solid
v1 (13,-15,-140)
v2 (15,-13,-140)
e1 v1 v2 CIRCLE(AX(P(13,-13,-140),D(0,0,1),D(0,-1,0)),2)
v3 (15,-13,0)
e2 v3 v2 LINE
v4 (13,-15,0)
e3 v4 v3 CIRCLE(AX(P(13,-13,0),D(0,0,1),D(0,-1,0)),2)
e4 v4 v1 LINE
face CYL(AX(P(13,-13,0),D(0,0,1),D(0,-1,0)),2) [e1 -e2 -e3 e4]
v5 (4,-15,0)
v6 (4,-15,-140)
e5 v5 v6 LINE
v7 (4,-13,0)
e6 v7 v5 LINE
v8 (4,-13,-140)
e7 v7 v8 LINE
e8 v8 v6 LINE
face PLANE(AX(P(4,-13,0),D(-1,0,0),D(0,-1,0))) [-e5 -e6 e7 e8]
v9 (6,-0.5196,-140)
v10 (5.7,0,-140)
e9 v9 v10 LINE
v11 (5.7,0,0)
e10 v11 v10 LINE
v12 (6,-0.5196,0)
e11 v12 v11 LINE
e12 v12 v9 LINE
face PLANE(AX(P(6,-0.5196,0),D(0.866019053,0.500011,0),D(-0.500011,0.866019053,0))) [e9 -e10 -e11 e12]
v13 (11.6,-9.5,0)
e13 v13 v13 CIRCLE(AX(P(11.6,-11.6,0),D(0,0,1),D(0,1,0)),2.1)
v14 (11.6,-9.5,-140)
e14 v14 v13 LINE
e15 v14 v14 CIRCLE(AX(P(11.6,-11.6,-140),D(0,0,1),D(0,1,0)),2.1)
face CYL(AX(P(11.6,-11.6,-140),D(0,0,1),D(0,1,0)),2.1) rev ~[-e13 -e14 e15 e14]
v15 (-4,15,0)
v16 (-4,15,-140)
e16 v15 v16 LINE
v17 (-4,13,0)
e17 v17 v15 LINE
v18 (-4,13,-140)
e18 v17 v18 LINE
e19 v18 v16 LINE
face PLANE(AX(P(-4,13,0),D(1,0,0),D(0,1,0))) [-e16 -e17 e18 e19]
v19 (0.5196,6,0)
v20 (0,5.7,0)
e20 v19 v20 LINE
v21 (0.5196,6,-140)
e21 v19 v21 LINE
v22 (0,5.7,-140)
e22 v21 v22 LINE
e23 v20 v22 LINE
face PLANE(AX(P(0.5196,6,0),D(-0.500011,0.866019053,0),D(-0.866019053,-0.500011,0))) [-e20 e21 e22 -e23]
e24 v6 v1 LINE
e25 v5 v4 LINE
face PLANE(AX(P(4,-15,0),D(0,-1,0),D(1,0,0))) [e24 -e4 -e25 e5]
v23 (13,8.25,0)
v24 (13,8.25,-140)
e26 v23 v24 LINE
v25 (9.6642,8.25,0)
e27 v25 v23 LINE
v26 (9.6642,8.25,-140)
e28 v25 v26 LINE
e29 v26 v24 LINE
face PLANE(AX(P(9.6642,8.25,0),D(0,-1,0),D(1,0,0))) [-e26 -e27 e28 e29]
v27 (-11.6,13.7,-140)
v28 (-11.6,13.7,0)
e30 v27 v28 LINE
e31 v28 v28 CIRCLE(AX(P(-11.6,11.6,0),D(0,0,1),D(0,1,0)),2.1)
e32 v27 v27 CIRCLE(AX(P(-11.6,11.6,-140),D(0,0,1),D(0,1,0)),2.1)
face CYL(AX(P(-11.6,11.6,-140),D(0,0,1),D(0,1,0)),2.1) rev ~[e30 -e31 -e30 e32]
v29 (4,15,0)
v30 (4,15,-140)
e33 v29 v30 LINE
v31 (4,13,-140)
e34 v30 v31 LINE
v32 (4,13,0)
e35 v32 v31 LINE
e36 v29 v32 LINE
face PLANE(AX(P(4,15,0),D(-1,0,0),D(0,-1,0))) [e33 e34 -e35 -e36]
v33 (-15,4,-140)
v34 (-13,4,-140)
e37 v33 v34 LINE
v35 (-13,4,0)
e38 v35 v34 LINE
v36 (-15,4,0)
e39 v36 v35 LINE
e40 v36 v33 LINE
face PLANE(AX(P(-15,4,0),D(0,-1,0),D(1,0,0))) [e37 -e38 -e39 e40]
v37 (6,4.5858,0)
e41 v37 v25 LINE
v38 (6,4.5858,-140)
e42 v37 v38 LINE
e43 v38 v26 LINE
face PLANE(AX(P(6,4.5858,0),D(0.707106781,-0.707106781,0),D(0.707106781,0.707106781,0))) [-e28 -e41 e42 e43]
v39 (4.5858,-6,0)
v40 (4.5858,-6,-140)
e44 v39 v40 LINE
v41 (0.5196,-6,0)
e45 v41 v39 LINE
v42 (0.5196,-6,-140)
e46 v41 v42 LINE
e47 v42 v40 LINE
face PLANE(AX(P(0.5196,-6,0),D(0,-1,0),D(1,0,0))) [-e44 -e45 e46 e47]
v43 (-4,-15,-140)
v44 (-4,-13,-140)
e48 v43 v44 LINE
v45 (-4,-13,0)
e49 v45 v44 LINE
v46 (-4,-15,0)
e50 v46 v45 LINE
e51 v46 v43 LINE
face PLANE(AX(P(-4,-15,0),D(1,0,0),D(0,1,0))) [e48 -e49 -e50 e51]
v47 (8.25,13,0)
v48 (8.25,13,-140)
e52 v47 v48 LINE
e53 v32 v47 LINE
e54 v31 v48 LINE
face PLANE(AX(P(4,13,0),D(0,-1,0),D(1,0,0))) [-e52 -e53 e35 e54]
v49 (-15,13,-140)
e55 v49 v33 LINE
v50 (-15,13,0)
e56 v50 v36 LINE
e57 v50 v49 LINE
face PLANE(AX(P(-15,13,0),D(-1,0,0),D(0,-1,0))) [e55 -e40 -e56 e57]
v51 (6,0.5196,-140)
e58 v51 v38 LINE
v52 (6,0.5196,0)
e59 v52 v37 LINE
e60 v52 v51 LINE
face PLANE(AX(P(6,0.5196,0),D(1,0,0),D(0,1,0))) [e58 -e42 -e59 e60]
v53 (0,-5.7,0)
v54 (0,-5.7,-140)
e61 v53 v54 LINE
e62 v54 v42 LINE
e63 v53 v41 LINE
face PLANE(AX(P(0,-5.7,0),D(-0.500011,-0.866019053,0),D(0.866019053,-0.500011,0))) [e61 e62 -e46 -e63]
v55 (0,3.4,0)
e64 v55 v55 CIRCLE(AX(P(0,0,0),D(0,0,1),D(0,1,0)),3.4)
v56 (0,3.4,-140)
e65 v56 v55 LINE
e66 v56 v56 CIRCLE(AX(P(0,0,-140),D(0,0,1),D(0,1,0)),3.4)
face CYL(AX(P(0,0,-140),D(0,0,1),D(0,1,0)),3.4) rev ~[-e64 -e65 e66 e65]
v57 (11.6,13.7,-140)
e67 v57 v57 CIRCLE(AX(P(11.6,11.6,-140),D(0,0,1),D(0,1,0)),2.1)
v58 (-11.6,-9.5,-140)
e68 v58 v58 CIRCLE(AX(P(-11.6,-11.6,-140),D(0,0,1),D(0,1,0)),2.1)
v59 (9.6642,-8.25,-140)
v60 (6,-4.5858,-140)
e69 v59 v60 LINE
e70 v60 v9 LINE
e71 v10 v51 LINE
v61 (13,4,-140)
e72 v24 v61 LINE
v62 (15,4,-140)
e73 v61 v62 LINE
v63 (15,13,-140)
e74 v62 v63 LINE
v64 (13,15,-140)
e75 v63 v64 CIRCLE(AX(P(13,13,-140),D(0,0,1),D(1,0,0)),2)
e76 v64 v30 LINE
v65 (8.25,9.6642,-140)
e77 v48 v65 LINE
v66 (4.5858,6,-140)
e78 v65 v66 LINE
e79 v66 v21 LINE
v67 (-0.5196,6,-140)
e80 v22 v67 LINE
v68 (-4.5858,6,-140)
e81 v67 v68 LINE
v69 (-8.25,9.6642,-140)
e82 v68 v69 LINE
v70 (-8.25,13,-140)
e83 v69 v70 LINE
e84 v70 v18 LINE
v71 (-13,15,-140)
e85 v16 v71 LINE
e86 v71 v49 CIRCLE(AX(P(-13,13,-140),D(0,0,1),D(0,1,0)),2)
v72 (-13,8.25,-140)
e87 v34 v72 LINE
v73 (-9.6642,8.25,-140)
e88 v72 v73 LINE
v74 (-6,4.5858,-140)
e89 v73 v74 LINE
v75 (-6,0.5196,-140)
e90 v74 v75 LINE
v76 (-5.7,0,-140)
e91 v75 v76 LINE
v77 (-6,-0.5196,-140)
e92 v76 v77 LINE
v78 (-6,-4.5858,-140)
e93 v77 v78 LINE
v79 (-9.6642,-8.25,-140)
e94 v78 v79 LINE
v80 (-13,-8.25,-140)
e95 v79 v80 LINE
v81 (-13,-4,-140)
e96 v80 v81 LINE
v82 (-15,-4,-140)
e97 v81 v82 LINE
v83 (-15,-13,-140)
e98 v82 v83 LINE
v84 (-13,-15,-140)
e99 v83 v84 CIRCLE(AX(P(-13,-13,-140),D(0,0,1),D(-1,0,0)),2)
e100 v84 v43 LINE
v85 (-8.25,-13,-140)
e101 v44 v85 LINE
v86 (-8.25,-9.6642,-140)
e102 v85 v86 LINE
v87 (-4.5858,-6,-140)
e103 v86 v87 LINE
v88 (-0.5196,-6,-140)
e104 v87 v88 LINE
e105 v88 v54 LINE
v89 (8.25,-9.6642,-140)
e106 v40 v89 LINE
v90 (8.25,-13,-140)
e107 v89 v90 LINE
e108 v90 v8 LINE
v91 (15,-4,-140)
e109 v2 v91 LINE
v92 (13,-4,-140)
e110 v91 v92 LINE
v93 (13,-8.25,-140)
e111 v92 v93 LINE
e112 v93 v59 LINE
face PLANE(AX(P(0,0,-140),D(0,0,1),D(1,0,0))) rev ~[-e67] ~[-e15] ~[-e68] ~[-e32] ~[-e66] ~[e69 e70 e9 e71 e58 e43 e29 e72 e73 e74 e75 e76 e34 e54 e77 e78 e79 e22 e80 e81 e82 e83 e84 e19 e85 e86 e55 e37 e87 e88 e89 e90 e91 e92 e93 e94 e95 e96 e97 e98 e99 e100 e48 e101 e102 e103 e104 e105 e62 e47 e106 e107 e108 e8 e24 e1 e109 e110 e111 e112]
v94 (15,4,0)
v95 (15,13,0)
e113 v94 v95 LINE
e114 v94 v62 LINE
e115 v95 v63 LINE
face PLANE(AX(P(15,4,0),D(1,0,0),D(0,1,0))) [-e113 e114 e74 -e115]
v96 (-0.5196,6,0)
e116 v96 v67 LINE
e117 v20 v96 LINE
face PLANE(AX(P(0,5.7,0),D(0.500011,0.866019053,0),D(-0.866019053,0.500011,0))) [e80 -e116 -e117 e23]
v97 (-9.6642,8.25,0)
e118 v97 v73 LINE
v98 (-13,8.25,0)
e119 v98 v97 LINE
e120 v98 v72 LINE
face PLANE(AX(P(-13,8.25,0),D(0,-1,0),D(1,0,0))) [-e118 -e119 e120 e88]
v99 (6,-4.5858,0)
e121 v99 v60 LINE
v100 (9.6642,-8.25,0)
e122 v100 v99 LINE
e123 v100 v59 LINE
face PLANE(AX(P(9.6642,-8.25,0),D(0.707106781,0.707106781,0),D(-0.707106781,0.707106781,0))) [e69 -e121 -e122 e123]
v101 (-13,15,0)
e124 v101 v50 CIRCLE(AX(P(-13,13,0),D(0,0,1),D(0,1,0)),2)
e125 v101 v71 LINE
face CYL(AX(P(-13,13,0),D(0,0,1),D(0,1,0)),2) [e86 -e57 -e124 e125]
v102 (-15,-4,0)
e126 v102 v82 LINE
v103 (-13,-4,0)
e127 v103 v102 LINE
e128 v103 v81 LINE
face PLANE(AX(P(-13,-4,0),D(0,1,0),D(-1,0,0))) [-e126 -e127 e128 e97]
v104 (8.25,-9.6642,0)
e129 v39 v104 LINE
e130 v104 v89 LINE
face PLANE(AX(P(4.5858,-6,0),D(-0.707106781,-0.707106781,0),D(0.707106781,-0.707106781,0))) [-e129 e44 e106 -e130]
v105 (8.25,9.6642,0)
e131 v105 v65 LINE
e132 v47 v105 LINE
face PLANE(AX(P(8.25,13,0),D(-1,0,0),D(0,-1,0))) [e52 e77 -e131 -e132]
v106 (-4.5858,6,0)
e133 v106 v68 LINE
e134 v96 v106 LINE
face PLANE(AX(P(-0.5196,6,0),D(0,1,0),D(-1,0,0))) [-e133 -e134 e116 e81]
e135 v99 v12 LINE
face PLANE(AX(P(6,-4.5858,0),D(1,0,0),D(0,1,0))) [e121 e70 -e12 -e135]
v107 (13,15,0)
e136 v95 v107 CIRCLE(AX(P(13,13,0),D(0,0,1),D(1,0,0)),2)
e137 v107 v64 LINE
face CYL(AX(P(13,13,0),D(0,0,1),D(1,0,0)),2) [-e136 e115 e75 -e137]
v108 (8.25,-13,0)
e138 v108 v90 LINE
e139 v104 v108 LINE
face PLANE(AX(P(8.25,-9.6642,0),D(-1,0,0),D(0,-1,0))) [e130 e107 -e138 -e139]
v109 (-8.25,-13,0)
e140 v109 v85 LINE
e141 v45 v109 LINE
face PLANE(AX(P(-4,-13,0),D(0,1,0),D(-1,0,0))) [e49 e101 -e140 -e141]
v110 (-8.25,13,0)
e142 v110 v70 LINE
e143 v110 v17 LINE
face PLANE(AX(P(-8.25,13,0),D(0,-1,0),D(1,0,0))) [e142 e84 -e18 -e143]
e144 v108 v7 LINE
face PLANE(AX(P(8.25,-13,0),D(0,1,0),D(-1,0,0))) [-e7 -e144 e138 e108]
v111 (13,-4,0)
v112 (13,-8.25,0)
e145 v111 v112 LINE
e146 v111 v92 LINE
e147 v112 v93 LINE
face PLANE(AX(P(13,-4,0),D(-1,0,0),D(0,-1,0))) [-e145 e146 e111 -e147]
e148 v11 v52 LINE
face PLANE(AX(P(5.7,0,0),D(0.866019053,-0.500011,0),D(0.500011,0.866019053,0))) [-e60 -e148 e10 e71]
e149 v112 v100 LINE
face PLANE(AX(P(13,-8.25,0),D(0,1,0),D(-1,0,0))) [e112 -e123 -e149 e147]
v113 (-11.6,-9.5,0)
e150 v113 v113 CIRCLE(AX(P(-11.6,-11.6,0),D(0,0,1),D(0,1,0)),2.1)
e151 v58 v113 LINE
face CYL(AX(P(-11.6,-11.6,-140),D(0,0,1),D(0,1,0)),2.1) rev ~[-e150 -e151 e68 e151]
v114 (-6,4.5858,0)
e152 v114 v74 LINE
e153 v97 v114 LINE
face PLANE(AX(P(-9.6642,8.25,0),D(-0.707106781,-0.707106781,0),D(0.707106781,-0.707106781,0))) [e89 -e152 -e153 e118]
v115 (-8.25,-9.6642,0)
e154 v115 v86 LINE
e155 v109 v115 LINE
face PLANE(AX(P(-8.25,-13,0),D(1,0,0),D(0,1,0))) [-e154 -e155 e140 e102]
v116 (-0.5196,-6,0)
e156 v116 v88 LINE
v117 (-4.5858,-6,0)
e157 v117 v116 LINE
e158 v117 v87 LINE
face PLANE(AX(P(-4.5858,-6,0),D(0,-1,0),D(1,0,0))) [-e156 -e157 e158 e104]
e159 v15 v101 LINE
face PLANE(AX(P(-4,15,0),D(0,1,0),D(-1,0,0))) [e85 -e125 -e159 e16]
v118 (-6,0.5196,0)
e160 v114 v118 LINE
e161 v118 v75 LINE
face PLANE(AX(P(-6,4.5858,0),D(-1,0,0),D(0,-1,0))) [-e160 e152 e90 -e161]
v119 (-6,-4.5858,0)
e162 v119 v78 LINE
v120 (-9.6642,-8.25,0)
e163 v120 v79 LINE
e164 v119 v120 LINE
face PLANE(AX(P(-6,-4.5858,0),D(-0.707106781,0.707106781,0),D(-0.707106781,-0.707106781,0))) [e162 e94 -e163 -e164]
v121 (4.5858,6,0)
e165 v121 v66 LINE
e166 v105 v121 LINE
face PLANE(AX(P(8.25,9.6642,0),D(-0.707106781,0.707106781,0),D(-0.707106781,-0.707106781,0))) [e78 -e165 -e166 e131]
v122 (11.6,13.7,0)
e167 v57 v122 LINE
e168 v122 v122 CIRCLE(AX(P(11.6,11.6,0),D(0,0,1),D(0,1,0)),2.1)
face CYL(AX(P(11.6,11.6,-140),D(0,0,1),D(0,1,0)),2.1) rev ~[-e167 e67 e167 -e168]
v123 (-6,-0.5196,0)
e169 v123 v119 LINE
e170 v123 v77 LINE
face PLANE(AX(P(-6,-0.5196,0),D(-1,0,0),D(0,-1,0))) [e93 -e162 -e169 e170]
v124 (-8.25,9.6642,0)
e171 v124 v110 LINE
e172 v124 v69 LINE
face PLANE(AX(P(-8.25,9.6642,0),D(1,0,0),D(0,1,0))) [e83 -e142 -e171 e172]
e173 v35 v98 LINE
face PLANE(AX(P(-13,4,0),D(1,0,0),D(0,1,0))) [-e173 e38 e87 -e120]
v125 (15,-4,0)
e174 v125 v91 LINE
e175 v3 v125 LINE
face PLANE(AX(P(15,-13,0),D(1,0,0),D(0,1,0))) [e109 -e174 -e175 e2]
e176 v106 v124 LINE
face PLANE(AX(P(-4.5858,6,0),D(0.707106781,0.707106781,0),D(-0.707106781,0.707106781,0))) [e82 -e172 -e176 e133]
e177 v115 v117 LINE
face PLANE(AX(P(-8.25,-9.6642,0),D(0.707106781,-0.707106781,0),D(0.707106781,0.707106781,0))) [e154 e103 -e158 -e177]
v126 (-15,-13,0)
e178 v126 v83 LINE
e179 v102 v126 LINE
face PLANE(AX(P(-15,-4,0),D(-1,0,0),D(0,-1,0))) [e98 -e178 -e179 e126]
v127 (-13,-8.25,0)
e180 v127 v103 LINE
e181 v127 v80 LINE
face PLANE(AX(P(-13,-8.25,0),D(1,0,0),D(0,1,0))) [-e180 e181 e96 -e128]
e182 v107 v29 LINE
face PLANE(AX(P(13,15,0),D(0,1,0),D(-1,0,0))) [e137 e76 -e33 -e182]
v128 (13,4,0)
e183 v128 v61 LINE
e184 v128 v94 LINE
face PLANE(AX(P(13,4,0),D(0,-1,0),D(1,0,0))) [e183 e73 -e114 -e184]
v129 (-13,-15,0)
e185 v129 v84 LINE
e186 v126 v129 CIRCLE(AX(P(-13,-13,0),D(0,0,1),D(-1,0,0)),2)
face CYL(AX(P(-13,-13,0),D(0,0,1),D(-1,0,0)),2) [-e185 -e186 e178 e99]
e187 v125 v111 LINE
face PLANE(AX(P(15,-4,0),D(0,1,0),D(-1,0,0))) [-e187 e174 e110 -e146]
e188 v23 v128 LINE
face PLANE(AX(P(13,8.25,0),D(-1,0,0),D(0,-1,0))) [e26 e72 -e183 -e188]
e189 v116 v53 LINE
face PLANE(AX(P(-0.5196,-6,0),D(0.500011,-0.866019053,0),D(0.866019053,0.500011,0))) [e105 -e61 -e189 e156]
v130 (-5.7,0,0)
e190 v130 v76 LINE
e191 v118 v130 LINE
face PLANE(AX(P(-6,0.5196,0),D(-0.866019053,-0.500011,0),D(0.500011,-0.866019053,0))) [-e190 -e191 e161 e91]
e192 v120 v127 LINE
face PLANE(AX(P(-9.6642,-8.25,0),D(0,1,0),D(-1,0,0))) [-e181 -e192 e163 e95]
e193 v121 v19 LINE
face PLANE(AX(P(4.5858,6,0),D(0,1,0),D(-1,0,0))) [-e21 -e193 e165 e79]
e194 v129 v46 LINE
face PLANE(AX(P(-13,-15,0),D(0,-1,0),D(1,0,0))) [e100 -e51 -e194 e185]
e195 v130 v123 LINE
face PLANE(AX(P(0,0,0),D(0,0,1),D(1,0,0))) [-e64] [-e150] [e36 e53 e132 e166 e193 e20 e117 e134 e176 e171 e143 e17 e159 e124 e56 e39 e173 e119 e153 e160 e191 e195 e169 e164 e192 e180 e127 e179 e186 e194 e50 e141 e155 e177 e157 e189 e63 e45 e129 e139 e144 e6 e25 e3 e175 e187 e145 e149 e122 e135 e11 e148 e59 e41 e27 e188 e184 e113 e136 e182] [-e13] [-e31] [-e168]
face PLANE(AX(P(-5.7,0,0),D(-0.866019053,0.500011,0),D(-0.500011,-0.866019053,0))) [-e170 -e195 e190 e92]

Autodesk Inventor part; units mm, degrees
sketch "Sketch_1" plane through (0, 0, 0) normal (0, 0, 1) x (1, 0, 0)
  line L0 (-15, -4) -> (-15, -13)
  arc A0 (-15, -13) -> (-13, -15) centre (-13, -13) ccw
  line L1 (-13, -15) -> (-4, -15)
  line L2 (-4, -15) -> (-4, -13)
  line L3 (-4, -13) -> (-8.25, -13)
  line L4 (-8.25, -13) -> (-8.25, -9.6642)
  line L5 (-8.25, -9.6642) -> (-4.5858, -6)
  line L6 (-4.5858, -6) -> (-0.5196, -6)
  line L7 (-0.5196, -6) -> (0, -5.7)
  line L8 (0, -5.7) -> (0.5196, -6)
  line L9 (0.5196, -6) -> (4.5858, -6)
  line L10 (4.5858, -6) -> (8.25, -9.6642)
  line L11 (8.25, -9.6642) -> (8.25, -13)
  line L12 (8.25, -13) -> (4, -13)
  line L13 (4, -13) -> (4, -15)
  line L14 (4, -15) -> (13, -15)
  arc A1 (13, -15) -> (15, -13) centre (13, -13) ccw
  line L15 (15, -13) -> (15, -4)
  line L16 (15, -4) -> (13, -4)
  line L17 (13, -4) -> (13, -8.25)
  line L18 (13, -8.25) -> (9.6642, -8.25)
  line L19 (9.6642, -8.25) -> (6, -4.5858)
  line L20 (6, -4.5858) -> (6, -0.5196)
  line L21 (6, -0.5196) -> (5.7, 0)
  line L22 (5.7, 0) -> (6, 0.5196)
  line L23 (6, 0.5196) -> (6, 4.5858)
  line L24 (6, 4.5858) -> (9.6642, 8.25)
  line L25 (9.6642, 8.25) -> (13, 8.25)
  line L26 (13, 8.25) -> (13, 4)
  line L27 (13, 4) -> (15, 4)
  line L28 (15, 4) -> (15, 13)
  arc A2 (15, 13) -> (13, 15) centre (13, 13) ccw
  line L29 (13, 15) -> (4, 15)
  line L30 (4, 15) -> (4, 13)
  line L31 (4, 13) -> (8.25, 13)
  line L32 (8.25, 13) -> (8.25, 9.6642)
  line L33 (8.25, 9.6642) -> (4.5858, 6)
  line L34 (4.5858, 6) -> (0.5196, 6)
  line L35 (0.5196, 6) -> (0, 5.7)
  line L36 (0, 5.7) -> (-0.5196, 6)
  line L37 (-0.5196, 6) -> (-4.5858, 6)
  line L38 (-4.5858, 6) -> (-8.25, 9.6642)
  line L39 (-8.25, 9.6642) -> (-8.25, 13)
  line L40 (-8.25, 13) -> (-4, 13)
  line L41 (-4, 13) -> (-4, 15)
  line L42 (-4, 15) -> (-13, 15)
  arc A3 (-13, 15) -> (-15, 13) centre (-13, 13) ccw
  line L43 (-15, 13) -> (-15, 4)
  line L44 (-15, 4) -> (-13, 4)
  line L45 (-13, 4) -> (-13, 8.25)
  line L46 (-13, 8.25) -> (-9.6642, 8.25)
  line L47 (-9.6642, 8.25) -> (-6, 4.5858)
  line L48 (-6, 4.5858) -> (-6, 0.5196)
  line L49 (-6, 0.5196) -> (-5.7, 0)
  line L50 (-5.7, 0) -> (-6, -0.5196)
  line L51 (-6, -0.5196) -> (-6, -4.5858)
  line L52 (-6, -4.5858) -> (-9.6642, -8.25)
  line L53 (-9.6642, -8.25) -> (-13, -8.25)
  line L54 (-13, -8.25) -> (-13, -4)
  line L55 (-13, -4) -> (-15, -4)
extrude "Extrusion1" add sketch "Sketch_1" against normal blind 140
sketch "Sketch2" plane through (0, 0, -140) normal (0, 0, -1) x (-1, 0, 0)
  point P0 (0, 0)
hole "Hole1" at (0, 0, -140) direction (0, 0, 1) diameter 6.8 depth 140
sketch "Sketch3" plane through (0, 0, -140) normal (0, 0, -1) x (-1, 0, 0)
  point P0 (-11.6, 11.6)
hole "Hole2" at (11.6, 11.6, -140) direction (0, 0, 1) diameter 4.2 depth 140
pattern_linear "Rectangular Pattern1" count 2 spacing 23.2 along (-1, 0, 0) count 2 spacing 23.2 along (0, -1, 0) of "Hole2"
ref_plane "C1_XY" through (0, 0, 0) normal (0, 0, 1) x (1, 0, 0)
ref_plane "C1_YZ" through (0, 0, 0) normal (1, 0, 0) x (0, 1, 0)
ref_plane "C1_ZX" through (0, 0, 0) normal (0, 1, 0) x (0, 0, 1)
ref_plane "to_frame_cap1_XY" through (0, 0, 0) normal (0, 0, 1) x (1, 0, 0)
ref_plane "to_frame_cap1_YZ" through (0, 0, 0) normal (1, 0, 0) x (0, 1, 0)
ref_plane "to_frame_cap1_ZX" through (0, 0, 0) normal (0, 1, 0) x (0, 0, 1)
ref_plane "to_frame_cap2_XY" through (0, 0, -140) normal (0, 0, -1) x (1, 0, 0)
ref_plane "to_frame_cap2_YZ" through (0, 0, -140) normal (1, 0, 0) x (0, -1, 0)
ref_plane "to_frame_cap2_ZX" through (0, 0, -140) normal (0, -1, 0) x (0, 0, -1)
properties part number "HFS6-3030-140"
